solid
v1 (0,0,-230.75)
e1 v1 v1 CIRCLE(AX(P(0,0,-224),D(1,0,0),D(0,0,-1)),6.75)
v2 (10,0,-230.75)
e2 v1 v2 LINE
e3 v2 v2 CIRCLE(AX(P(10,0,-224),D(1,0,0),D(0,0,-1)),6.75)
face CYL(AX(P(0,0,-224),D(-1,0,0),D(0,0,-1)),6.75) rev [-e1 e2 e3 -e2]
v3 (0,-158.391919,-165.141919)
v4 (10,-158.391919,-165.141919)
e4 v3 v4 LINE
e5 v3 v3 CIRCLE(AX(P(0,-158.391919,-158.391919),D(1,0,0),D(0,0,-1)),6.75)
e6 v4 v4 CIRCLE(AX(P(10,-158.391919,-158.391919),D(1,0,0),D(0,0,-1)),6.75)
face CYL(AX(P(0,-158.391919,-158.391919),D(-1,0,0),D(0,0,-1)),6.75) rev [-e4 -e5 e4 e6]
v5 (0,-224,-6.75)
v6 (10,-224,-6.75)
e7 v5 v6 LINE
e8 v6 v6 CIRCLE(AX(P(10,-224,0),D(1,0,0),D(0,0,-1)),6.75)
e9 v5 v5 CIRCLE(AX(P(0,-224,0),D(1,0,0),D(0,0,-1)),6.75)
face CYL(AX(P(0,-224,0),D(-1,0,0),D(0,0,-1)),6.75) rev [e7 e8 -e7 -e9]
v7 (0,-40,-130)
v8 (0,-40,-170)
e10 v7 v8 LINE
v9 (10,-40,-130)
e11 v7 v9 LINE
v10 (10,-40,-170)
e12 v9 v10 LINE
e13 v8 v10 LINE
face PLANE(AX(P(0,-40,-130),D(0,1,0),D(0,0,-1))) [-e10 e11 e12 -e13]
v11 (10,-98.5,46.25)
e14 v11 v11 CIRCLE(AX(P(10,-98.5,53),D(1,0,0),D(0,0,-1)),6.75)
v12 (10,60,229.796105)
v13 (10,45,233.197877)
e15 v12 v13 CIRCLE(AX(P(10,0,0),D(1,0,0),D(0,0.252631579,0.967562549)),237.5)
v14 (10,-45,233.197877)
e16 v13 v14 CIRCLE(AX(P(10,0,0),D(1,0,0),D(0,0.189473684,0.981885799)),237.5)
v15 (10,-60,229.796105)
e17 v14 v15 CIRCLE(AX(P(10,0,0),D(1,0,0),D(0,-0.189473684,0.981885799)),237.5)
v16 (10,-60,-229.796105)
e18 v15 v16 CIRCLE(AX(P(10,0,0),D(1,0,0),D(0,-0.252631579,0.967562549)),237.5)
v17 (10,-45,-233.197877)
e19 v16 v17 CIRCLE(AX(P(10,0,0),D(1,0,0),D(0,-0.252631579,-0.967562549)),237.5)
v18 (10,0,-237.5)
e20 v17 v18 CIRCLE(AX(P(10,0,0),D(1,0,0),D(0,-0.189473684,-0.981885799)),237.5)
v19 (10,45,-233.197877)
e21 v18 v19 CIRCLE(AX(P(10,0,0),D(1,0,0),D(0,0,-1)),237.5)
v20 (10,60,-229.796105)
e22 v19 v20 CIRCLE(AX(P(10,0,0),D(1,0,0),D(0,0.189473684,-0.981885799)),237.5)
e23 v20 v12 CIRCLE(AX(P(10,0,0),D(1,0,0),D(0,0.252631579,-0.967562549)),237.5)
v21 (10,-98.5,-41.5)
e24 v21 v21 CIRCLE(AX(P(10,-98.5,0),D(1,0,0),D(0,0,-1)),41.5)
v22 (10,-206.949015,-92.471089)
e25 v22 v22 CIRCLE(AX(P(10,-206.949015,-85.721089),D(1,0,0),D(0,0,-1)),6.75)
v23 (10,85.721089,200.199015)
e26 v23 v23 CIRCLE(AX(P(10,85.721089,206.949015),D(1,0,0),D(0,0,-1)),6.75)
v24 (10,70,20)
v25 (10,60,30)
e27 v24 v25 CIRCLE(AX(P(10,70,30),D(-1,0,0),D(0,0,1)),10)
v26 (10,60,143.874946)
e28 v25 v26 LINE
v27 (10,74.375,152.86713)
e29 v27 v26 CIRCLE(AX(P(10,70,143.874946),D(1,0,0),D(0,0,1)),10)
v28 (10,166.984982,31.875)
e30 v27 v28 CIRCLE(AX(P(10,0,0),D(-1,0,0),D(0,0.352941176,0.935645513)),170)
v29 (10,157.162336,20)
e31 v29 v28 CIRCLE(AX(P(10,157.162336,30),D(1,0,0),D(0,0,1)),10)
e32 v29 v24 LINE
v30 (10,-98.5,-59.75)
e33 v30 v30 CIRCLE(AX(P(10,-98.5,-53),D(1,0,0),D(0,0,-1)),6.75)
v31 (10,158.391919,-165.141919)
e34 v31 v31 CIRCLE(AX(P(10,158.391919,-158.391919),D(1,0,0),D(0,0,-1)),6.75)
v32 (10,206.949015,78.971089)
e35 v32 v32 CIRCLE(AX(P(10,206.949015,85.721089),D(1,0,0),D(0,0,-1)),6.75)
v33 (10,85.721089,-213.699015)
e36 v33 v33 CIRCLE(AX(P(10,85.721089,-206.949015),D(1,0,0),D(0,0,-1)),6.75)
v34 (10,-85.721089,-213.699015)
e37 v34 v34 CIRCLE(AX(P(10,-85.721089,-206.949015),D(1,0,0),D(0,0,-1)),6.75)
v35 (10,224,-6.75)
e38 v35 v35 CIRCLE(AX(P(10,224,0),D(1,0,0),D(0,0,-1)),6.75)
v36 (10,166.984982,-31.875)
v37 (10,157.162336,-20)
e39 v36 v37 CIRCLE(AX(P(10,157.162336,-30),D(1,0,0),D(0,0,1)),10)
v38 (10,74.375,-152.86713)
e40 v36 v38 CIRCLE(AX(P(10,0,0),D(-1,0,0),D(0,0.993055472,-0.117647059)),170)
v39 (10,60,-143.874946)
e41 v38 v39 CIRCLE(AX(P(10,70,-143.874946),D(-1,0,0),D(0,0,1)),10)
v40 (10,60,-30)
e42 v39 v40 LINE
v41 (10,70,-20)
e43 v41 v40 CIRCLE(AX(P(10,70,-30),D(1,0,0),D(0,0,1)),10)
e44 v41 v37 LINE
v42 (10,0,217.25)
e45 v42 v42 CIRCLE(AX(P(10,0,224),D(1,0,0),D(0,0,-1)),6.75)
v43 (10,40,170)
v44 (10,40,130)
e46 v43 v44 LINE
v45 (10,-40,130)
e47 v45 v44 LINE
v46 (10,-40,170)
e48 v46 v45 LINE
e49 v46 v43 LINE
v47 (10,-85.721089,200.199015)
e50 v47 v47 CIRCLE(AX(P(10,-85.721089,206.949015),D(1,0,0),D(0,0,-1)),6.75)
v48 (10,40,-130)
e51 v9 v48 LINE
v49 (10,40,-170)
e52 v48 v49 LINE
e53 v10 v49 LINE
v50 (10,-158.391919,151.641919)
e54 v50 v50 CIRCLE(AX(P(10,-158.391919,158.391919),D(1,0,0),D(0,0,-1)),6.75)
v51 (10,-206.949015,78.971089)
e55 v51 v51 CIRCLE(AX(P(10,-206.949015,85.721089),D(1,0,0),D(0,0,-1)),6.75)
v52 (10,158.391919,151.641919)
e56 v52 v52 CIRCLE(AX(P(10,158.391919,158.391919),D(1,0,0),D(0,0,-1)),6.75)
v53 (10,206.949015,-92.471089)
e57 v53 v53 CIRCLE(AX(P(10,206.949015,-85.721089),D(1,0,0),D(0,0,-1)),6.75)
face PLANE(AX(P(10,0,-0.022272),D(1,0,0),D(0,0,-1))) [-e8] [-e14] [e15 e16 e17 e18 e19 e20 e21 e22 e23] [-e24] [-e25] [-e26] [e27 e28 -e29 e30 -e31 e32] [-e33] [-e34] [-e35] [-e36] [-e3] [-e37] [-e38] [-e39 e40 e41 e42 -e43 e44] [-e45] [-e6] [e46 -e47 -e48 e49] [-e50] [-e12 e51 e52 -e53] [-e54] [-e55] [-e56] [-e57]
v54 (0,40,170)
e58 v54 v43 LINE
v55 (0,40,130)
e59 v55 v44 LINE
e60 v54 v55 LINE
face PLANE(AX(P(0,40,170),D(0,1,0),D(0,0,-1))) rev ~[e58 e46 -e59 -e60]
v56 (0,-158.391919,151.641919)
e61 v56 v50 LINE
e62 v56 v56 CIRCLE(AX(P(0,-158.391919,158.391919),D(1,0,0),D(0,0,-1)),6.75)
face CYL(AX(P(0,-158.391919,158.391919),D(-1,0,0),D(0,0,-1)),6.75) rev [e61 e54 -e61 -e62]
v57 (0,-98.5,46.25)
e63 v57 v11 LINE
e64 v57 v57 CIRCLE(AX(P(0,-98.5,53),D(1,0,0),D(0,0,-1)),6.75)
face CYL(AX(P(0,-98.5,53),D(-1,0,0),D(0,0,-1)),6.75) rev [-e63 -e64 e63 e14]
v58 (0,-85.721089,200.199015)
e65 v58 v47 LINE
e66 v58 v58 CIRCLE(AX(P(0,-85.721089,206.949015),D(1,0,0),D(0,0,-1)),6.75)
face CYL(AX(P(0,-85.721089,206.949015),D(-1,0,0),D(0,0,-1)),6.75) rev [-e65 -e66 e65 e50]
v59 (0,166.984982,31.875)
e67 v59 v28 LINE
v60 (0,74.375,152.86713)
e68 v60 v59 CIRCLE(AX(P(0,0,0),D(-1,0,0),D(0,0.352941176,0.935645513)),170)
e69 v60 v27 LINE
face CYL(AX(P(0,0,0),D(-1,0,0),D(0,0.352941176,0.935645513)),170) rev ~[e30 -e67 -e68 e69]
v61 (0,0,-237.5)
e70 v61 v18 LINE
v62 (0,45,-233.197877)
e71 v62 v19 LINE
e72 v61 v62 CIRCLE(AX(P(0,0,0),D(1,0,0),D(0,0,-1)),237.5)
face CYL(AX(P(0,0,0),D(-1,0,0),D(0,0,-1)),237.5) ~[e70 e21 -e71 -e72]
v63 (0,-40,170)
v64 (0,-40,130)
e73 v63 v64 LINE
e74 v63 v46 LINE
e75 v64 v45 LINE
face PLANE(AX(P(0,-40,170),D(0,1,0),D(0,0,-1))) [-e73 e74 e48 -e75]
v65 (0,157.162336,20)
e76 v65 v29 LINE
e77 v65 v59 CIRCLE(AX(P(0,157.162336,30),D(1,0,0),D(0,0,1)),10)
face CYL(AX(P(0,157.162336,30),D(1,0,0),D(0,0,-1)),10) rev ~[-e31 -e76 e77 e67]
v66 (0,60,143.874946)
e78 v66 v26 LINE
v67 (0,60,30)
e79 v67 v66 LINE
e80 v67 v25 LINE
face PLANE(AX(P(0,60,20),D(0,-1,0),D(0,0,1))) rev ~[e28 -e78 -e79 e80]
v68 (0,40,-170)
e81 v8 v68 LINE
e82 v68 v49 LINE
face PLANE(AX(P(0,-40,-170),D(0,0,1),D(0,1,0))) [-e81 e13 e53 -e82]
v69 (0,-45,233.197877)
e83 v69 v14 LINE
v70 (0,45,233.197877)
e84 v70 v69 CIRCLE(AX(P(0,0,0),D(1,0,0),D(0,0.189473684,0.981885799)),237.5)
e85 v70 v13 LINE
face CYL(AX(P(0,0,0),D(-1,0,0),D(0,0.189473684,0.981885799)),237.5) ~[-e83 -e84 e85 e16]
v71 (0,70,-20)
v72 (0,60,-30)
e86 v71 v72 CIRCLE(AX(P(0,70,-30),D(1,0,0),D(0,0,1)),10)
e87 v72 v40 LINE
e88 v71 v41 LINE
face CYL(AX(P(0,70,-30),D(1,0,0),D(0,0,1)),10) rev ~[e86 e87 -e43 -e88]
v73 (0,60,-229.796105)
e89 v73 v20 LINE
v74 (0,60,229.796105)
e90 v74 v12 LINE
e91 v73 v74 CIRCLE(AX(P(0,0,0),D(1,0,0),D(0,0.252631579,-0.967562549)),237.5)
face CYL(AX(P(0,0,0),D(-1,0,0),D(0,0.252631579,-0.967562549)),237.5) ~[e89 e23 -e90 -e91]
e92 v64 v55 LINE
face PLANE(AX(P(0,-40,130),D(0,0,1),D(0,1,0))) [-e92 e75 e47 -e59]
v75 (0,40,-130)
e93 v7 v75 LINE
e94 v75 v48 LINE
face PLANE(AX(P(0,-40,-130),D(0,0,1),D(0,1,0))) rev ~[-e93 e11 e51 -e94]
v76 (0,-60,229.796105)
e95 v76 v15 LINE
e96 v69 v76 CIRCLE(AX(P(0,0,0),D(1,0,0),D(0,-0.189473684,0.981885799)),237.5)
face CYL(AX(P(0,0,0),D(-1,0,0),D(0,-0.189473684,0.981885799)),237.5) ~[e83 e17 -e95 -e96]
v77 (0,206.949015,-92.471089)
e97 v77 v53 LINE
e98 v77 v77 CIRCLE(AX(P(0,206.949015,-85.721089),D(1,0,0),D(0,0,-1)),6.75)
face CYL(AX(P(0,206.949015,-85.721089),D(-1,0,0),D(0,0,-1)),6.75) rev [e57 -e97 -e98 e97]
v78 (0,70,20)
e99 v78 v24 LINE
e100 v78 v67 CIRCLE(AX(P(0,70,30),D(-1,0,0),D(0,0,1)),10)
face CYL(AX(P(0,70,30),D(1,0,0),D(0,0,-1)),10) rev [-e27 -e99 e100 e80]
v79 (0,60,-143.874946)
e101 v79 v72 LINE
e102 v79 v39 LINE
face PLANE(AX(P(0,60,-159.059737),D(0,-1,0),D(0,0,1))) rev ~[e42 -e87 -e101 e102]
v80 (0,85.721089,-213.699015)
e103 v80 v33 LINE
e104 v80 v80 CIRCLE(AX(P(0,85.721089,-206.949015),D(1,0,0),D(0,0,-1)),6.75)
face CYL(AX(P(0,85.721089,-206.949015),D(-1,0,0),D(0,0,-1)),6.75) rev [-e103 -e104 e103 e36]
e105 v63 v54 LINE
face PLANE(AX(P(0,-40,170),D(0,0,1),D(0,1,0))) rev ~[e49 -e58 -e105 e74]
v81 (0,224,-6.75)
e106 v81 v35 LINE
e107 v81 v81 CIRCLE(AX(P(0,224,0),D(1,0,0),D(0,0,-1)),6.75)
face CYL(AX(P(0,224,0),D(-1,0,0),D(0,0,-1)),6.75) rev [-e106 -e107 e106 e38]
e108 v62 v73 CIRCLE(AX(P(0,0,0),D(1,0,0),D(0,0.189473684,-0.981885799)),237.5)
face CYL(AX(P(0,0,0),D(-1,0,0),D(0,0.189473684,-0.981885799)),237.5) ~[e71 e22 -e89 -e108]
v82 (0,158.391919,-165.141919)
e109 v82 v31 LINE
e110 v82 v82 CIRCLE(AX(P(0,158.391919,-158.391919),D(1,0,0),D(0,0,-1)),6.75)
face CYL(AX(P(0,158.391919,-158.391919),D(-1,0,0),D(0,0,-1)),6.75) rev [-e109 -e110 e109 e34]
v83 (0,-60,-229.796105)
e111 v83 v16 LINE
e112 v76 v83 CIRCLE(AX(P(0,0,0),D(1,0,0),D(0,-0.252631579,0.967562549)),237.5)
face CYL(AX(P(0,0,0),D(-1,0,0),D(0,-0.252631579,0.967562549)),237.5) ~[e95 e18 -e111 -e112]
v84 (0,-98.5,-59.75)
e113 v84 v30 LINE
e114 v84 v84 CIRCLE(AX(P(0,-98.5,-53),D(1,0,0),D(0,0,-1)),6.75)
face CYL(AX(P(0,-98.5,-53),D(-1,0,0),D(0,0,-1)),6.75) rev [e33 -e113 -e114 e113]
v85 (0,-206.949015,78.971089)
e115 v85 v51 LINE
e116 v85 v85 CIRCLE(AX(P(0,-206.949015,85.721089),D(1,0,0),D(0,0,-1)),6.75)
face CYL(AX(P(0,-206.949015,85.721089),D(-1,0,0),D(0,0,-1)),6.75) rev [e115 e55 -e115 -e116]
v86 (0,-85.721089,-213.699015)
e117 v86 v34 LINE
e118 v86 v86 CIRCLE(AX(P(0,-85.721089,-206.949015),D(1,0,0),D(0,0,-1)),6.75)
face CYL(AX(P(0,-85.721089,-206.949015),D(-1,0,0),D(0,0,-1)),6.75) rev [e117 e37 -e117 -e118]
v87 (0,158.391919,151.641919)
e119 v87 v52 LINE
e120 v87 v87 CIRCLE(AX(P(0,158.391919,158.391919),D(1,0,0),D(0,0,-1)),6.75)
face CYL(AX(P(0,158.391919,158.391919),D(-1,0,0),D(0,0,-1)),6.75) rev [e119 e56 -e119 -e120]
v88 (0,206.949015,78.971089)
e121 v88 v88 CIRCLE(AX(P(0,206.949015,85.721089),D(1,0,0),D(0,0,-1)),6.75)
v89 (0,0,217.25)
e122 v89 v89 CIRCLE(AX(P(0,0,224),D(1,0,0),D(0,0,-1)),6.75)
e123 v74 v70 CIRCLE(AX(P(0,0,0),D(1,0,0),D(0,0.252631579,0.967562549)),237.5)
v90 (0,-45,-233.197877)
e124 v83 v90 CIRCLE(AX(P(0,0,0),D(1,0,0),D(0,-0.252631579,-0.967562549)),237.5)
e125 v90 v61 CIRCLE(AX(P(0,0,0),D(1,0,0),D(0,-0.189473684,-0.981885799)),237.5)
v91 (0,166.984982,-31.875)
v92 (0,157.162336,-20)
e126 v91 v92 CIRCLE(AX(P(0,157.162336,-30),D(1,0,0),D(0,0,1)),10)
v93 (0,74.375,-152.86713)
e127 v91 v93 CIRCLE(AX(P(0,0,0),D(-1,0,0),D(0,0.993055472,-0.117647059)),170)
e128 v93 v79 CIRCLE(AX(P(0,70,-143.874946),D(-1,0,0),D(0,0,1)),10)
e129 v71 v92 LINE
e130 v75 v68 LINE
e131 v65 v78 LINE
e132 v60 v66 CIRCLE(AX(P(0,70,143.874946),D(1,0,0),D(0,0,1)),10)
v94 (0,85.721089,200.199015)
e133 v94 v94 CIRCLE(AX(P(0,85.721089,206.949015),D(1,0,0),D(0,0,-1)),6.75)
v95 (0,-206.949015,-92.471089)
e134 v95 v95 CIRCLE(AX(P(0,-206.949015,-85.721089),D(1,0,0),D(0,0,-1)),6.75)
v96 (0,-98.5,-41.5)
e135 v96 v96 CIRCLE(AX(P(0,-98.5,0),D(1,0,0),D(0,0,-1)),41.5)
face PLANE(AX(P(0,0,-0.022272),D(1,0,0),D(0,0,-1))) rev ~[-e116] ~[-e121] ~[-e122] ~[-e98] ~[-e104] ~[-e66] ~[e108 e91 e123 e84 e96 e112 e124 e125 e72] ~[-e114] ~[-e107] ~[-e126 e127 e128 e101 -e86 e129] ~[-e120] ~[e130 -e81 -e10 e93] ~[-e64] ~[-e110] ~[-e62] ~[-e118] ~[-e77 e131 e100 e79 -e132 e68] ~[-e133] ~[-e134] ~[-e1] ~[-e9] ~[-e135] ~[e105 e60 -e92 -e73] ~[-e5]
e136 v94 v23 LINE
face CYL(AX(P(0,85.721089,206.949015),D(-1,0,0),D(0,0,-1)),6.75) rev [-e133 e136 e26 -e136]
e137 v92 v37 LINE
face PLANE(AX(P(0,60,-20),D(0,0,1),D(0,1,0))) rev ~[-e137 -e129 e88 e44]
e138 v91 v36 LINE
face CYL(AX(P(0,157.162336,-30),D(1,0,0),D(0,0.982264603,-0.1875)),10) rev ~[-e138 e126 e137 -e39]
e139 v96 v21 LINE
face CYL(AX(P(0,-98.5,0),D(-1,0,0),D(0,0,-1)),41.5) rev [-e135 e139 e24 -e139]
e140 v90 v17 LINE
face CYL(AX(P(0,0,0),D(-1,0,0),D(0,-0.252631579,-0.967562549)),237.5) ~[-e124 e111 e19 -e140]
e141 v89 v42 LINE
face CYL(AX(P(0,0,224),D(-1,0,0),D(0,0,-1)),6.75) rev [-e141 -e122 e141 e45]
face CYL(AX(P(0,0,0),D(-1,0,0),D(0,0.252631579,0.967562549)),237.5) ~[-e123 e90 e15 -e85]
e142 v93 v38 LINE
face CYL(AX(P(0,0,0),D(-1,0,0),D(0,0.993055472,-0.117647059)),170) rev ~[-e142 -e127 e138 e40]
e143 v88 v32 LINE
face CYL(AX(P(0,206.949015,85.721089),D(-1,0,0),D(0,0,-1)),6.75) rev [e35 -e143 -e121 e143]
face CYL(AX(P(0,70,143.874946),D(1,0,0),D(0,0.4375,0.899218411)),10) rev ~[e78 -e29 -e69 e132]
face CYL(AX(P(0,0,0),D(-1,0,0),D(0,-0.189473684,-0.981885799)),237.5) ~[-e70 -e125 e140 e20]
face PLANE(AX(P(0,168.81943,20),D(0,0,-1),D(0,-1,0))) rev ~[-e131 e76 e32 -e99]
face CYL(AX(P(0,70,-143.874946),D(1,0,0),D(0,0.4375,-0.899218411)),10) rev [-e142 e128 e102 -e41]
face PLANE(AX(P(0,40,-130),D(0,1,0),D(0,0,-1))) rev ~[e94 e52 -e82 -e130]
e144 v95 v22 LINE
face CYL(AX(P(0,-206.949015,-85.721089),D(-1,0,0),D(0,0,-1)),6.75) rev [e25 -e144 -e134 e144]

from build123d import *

# Parameters (mm, degrees)
ESQUISSE1_R        = 6.75
ESQUISSE1_R_2      = 41.5
ESQUISSE1_W        = 40
ESQUISSE1_H        = 80
BOSS_EXTRU_1_DEPTH = 10
CONG_1_R           = 10


with BuildPart() as part:
    # Esquisse1 → Boss.-Extru.1 (new body)
    with BuildSketch(Plane(origin=(0, 0, 0), x_dir=(0, 0, -1), z_dir=(1, 0, 0))):
        with BuildLine():
            ThreePointArc((229.796105276, 60), (0, 237.5), (-229.796105276, 60))
            ThreePointArc((-229.796105276, 60), (-231.618451309, 52.527545282), (-233.197877349, 45))
            ThreePointArc((-233.197877349, 45), (-237.5, 0), (-233.197877349, -45))
            ThreePointArc((-233.197877349, -45), (-231.618451309, -52.527545282), (-229.796105276, -60))
            ThreePointArc((-229.796105276, -60), (0, -237.5), (229.796105276, -60))
            ThreePointArc((229.796105276, -60), (231.618451309, -52.527545282), (233.197877349, -45))
            ThreePointArc((233.197877349, -45), (236.422022949, -22.602589781), (237.5, 0))
            ThreePointArc((237.5, 0), (236.422022949, 22.602589781), (233.197877349, 45))
            ThreePointArc((233.197877349, 45), (231.618451309, 52.527545282), (229.796105276, 60))
        make_face()
        with Locations((-158.391918986, -158.391918986)):
            Circle(ESQUISSE1_R, mode=Mode.SUBTRACT)
        with Locations((-85.72108885, -206.949015283)):
            Circle(ESQUISSE1_R, mode=Mode.SUBTRACT)
        with Locations((-206.949015283, -85.72108885)):
            Circle(ESQUISSE1_R, mode=Mode.SUBTRACT)
        with Locations((-224, 0)):
            Circle(ESQUISSE1_R, mode=Mode.SUBTRACT)
        with Locations((-53, -98.5)):
            Circle(ESQUISSE1_R, mode=Mode.SUBTRACT)
        with Locations((0, -224)):
            Circle(ESQUISSE1_R, mode=Mode.SUBTRACT)
        with Locations((85.72108885, -206.949015283)):
            Circle(ESQUISSE1_R, mode=Mode.SUBTRACT)
        with Locations((158.391918986, -158.391918986)):
            Circle(ESQUISSE1_R, mode=Mode.SUBTRACT)
        with Locations((0, -98.5)):
            Circle(ESQUISSE1_R_2, mode=Mode.SUBTRACT)
        with Locations((53, -98.5)):
            Circle(ESQUISSE1_R, mode=Mode.SUBTRACT)
        with Locations((206.949015283, -85.72108885)):
            Circle(ESQUISSE1_R, mode=Mode.SUBTRACT)
        with Locations((-150, 0)):
            Rectangle(ESQUISSE1_W, ESQUISSE1_H, mode=Mode.SUBTRACT)
        with Locations((-206.949015283, 85.72108885)):
            Circle(ESQUISSE1_R, mode=Mode.SUBTRACT)
        with BuildLine():
            Line((-20, 60), (-159.059737206, 60))
            ThreePointArc((-159.059737206, 60), (-104.766475875, 133.880489739), (-20, 168.819430161))
            Line((-20, 168.819430161), (-20, 60))
        make_face(mode=Mode.SUBTRACT)
        with Locations((-158.391918986, 158.391918986)):
            Circle(ESQUISSE1_R, mode=Mode.SUBTRACT)
        with Locations((-85.72108885, 206.949015283)):
            Circle(ESQUISSE1_R, mode=Mode.SUBTRACT)
        with BuildLine():
            Line((159.059737206, 60), (20, 60))
            Line((20, 60), (20, 168.819430161))
            ThreePointArc((20, 168.819430161), (104.766475875, 133.880489739), (159.059737206, 60))
        make_face(mode=Mode.SUBTRACT)
        with Locations((150, 0)):
            Rectangle(ESQUISSE1_W, ESQUISSE1_H, mode=Mode.SUBTRACT)
        with Locations((224, 0)):
            Circle(ESQUISSE1_R, mode=Mode.SUBTRACT)
        with Locations((206.949015283, 85.72108885)):
            Circle(ESQUISSE1_R, mode=Mode.SUBTRACT)
        with Locations((0, 224)):
            Circle(ESQUISSE1_R, mode=Mode.SUBTRACT)
        with Locations((85.72108885, 206.949015283)):
            Circle(ESQUISSE1_R, mode=Mode.SUBTRACT)
        with Locations((158.391918986, 158.391918986)):
            Circle(ESQUISSE1_R, mode=Mode.SUBTRACT)
    extrude(amount=BOSS_EXTRU_1_DEPTH)

    # Cong_1
    cong_1_edges = [part.edges().sort_by_distance(p)[0] for p in [
        (5, 60, -20),
        (5, 60, -159.059737206),
        (5, 168.819430161, -20),
        (5, 60, 159.059737206),
        (5, 60, 20),
        (5, 168.819430161, 20),
    ]]
    fillet(cong_1_edges, radius=CONG_1_R)


solid = part.part
